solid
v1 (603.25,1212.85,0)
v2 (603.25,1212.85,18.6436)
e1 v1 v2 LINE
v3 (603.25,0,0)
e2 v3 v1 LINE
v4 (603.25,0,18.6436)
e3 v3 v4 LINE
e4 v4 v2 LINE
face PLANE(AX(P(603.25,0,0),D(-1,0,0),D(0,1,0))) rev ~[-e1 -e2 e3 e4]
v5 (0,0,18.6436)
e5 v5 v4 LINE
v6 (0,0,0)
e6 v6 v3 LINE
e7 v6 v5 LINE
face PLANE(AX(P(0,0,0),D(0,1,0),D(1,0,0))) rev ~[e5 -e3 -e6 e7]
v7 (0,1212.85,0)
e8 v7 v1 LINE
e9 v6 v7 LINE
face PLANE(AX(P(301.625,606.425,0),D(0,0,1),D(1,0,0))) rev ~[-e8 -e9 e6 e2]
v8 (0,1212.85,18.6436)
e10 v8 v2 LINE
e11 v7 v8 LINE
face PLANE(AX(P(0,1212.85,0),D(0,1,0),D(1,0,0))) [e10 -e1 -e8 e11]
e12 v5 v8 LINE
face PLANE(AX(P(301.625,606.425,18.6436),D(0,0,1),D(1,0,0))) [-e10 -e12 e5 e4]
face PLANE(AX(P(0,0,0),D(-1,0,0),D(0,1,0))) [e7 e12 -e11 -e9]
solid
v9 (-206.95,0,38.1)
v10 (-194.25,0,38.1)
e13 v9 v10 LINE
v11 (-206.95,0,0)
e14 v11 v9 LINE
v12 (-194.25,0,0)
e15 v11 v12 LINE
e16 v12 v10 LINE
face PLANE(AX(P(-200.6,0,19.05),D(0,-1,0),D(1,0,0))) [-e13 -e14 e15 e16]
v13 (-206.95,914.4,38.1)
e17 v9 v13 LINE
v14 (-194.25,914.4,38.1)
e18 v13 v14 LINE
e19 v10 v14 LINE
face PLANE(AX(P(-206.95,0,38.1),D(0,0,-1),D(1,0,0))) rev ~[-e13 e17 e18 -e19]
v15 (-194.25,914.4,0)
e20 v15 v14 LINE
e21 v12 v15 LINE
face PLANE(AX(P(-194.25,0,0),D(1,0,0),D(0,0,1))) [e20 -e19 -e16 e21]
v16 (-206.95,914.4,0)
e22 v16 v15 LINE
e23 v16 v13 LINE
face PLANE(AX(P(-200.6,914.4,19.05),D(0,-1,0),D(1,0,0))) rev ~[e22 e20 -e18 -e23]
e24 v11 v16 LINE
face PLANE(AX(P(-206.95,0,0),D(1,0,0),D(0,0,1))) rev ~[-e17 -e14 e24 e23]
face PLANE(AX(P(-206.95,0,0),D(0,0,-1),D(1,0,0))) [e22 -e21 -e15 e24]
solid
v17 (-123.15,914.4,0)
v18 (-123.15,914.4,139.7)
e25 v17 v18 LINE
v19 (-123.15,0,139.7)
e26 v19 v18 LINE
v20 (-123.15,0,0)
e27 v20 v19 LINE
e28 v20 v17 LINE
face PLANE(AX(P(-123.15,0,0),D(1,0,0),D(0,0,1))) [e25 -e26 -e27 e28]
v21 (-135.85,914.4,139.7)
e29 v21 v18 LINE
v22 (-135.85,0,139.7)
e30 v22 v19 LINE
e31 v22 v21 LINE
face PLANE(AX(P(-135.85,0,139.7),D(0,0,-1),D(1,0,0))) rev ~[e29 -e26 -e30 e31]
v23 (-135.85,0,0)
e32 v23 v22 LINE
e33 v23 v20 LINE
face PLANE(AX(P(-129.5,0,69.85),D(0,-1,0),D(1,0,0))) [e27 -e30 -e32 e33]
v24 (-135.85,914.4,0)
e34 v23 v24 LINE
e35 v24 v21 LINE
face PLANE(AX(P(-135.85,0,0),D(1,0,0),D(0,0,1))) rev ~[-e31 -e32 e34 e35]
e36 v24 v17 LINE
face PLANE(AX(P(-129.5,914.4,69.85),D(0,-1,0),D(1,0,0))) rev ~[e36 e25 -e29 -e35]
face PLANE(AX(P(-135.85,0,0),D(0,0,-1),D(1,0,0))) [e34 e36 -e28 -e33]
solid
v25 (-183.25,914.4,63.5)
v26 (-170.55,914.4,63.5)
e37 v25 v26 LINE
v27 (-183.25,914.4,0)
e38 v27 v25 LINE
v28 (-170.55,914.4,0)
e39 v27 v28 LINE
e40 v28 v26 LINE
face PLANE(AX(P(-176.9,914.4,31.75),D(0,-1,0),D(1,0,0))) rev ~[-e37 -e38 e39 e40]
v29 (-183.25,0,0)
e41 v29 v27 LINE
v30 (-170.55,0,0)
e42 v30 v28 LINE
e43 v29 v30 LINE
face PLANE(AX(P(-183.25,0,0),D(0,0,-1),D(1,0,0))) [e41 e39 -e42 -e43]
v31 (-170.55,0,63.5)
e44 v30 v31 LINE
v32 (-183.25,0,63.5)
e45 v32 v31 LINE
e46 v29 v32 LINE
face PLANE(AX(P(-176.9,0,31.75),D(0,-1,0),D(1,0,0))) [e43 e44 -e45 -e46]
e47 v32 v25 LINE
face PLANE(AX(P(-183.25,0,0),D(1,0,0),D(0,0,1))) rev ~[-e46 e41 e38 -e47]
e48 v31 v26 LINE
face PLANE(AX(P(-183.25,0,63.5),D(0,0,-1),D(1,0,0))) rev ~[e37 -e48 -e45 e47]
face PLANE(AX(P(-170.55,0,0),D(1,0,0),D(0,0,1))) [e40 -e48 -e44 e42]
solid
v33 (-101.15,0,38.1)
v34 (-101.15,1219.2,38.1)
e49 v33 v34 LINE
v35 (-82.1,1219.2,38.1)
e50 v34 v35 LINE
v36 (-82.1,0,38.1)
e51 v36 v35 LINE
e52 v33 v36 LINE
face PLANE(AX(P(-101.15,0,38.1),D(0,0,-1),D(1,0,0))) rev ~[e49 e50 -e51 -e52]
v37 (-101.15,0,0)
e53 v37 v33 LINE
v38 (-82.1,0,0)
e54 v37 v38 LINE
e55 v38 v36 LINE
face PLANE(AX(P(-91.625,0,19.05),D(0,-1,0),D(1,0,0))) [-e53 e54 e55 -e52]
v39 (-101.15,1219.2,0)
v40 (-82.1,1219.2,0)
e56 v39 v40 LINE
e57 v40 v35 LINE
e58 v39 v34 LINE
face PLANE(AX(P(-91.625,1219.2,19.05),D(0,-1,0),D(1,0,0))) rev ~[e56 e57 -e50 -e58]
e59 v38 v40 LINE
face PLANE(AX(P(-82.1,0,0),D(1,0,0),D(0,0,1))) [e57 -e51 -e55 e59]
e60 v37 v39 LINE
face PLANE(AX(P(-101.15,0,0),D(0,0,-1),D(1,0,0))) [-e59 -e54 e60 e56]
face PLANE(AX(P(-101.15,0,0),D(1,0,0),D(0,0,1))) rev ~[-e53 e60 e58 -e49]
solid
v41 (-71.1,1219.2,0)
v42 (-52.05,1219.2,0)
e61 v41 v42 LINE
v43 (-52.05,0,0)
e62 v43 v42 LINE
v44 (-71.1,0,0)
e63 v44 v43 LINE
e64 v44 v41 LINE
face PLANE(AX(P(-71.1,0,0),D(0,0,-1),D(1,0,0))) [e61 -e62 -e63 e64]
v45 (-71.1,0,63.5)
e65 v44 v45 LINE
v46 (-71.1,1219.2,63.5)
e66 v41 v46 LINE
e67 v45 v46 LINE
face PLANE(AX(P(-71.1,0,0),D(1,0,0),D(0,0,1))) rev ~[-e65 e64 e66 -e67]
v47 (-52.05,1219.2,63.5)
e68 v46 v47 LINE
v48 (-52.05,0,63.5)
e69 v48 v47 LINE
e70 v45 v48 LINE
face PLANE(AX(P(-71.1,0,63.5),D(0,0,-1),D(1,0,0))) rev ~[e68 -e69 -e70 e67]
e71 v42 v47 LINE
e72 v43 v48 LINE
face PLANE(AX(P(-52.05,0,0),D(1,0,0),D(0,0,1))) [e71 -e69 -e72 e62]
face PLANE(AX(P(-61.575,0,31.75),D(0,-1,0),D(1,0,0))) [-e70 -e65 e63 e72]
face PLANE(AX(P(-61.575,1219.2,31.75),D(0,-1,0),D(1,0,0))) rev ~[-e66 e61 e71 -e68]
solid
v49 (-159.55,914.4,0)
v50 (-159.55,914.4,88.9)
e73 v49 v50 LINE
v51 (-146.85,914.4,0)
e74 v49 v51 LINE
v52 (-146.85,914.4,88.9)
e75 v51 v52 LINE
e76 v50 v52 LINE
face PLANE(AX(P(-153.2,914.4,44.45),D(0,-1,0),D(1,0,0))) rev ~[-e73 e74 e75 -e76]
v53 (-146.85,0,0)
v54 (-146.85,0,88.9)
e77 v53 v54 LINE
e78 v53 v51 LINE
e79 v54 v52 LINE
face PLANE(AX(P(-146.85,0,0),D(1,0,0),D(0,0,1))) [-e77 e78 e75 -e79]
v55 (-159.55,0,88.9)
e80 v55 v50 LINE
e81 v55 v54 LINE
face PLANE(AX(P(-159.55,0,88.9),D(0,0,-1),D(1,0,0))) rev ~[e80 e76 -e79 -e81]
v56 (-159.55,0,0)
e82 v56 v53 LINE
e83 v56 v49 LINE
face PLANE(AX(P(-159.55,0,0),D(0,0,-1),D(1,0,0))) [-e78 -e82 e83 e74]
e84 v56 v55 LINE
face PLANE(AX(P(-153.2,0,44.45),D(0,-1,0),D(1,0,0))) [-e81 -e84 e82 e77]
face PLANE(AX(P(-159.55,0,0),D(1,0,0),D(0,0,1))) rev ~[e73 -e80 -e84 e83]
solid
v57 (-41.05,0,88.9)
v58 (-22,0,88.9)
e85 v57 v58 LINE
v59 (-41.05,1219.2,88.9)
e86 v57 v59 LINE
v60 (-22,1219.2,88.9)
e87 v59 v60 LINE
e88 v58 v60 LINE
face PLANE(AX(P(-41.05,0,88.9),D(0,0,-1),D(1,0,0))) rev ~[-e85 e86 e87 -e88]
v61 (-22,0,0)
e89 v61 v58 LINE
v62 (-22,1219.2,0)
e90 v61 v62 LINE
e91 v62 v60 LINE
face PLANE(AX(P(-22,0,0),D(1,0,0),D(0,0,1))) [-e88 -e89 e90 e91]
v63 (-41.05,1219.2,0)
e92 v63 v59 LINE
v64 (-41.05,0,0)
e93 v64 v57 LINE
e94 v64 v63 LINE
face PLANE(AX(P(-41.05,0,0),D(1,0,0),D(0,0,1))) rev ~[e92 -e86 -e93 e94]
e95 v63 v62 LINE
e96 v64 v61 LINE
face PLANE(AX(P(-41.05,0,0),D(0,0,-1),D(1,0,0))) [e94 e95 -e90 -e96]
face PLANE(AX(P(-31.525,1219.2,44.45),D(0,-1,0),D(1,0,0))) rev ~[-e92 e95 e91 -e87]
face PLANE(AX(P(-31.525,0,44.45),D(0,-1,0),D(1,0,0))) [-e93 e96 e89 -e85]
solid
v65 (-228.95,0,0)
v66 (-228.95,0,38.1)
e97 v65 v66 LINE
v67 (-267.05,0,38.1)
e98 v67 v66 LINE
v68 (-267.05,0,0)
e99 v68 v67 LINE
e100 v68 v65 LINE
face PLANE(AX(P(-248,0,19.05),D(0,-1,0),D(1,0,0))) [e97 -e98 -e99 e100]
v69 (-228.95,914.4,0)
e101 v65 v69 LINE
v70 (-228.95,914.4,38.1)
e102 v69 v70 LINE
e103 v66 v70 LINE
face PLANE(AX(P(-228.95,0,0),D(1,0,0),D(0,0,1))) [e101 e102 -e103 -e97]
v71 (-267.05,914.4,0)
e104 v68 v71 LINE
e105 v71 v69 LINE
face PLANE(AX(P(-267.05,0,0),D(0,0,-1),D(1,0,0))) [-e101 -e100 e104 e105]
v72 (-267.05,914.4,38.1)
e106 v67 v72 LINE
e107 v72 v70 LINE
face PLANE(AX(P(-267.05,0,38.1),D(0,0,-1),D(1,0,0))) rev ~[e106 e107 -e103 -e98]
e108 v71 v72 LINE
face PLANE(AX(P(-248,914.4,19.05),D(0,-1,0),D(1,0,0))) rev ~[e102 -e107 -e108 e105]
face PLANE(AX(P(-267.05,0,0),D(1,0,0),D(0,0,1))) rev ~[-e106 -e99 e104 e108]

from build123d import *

# Parameters (mm, degrees)
F0_W     = 603.25
F0_H     = 1212.85
F2_DEPTH = 18.6436
F1_W     = 38.1
F1_H     = 38.1
F1_W_2   = 12.7
F1_H_2   = 63.5
F1_H_3   = 88.9
F1_H_4   = 139.7
F3_DEPTH = 914.4
F1_W_3   = 19.05
F4_DEPTH = 1219.2


with BuildPart() as f2:
    # F0 (on Top) → F2 (new body)
    with BuildSketch(Plane.XY):
        with Locations((301.625, 606.425)):
            Rectangle(F0_W, F0_H)
    extrude(amount=F2_DEPTH)


with BuildPart() as f3:
    # F1 (on Front) → F3 (new body)
    with BuildSketch(Plane.XZ):
        with Locations((-248, 19.05)):
            Rectangle(F1_W, F1_H)
        with Locations((-200.6, 19.05)):
            Rectangle(F1_W_2, F1_H)
        with Locations((-176.9, 31.75)):
            Rectangle(F1_W_2, F1_H_2)
        with Locations((-153.2, 44.45)):
            Rectangle(F1_W_2, F1_H_3)
        with Locations((-129.5, 69.85)):
            Rectangle(F1_W_2, F1_H_4)
    extrude(amount=-F3_DEPTH)


with BuildPart() as f4:
    # F1 (on Front) → F4 (new body)
    with BuildSketch(Plane.XZ):
        with Locations((-91.625, 19.05)):
            Rectangle(F1_W_3, F1_H)
        with Locations((-61.575, 31.75)):
            Rectangle(F1_W_3, F1_H_2)
        with Locations((-31.525, 44.45)):
            Rectangle(F1_W_3, F1_H_3)
    extrude(amount=-F4_DEPTH)


solid = Compound([f2.part, f3.part, f4.part])
